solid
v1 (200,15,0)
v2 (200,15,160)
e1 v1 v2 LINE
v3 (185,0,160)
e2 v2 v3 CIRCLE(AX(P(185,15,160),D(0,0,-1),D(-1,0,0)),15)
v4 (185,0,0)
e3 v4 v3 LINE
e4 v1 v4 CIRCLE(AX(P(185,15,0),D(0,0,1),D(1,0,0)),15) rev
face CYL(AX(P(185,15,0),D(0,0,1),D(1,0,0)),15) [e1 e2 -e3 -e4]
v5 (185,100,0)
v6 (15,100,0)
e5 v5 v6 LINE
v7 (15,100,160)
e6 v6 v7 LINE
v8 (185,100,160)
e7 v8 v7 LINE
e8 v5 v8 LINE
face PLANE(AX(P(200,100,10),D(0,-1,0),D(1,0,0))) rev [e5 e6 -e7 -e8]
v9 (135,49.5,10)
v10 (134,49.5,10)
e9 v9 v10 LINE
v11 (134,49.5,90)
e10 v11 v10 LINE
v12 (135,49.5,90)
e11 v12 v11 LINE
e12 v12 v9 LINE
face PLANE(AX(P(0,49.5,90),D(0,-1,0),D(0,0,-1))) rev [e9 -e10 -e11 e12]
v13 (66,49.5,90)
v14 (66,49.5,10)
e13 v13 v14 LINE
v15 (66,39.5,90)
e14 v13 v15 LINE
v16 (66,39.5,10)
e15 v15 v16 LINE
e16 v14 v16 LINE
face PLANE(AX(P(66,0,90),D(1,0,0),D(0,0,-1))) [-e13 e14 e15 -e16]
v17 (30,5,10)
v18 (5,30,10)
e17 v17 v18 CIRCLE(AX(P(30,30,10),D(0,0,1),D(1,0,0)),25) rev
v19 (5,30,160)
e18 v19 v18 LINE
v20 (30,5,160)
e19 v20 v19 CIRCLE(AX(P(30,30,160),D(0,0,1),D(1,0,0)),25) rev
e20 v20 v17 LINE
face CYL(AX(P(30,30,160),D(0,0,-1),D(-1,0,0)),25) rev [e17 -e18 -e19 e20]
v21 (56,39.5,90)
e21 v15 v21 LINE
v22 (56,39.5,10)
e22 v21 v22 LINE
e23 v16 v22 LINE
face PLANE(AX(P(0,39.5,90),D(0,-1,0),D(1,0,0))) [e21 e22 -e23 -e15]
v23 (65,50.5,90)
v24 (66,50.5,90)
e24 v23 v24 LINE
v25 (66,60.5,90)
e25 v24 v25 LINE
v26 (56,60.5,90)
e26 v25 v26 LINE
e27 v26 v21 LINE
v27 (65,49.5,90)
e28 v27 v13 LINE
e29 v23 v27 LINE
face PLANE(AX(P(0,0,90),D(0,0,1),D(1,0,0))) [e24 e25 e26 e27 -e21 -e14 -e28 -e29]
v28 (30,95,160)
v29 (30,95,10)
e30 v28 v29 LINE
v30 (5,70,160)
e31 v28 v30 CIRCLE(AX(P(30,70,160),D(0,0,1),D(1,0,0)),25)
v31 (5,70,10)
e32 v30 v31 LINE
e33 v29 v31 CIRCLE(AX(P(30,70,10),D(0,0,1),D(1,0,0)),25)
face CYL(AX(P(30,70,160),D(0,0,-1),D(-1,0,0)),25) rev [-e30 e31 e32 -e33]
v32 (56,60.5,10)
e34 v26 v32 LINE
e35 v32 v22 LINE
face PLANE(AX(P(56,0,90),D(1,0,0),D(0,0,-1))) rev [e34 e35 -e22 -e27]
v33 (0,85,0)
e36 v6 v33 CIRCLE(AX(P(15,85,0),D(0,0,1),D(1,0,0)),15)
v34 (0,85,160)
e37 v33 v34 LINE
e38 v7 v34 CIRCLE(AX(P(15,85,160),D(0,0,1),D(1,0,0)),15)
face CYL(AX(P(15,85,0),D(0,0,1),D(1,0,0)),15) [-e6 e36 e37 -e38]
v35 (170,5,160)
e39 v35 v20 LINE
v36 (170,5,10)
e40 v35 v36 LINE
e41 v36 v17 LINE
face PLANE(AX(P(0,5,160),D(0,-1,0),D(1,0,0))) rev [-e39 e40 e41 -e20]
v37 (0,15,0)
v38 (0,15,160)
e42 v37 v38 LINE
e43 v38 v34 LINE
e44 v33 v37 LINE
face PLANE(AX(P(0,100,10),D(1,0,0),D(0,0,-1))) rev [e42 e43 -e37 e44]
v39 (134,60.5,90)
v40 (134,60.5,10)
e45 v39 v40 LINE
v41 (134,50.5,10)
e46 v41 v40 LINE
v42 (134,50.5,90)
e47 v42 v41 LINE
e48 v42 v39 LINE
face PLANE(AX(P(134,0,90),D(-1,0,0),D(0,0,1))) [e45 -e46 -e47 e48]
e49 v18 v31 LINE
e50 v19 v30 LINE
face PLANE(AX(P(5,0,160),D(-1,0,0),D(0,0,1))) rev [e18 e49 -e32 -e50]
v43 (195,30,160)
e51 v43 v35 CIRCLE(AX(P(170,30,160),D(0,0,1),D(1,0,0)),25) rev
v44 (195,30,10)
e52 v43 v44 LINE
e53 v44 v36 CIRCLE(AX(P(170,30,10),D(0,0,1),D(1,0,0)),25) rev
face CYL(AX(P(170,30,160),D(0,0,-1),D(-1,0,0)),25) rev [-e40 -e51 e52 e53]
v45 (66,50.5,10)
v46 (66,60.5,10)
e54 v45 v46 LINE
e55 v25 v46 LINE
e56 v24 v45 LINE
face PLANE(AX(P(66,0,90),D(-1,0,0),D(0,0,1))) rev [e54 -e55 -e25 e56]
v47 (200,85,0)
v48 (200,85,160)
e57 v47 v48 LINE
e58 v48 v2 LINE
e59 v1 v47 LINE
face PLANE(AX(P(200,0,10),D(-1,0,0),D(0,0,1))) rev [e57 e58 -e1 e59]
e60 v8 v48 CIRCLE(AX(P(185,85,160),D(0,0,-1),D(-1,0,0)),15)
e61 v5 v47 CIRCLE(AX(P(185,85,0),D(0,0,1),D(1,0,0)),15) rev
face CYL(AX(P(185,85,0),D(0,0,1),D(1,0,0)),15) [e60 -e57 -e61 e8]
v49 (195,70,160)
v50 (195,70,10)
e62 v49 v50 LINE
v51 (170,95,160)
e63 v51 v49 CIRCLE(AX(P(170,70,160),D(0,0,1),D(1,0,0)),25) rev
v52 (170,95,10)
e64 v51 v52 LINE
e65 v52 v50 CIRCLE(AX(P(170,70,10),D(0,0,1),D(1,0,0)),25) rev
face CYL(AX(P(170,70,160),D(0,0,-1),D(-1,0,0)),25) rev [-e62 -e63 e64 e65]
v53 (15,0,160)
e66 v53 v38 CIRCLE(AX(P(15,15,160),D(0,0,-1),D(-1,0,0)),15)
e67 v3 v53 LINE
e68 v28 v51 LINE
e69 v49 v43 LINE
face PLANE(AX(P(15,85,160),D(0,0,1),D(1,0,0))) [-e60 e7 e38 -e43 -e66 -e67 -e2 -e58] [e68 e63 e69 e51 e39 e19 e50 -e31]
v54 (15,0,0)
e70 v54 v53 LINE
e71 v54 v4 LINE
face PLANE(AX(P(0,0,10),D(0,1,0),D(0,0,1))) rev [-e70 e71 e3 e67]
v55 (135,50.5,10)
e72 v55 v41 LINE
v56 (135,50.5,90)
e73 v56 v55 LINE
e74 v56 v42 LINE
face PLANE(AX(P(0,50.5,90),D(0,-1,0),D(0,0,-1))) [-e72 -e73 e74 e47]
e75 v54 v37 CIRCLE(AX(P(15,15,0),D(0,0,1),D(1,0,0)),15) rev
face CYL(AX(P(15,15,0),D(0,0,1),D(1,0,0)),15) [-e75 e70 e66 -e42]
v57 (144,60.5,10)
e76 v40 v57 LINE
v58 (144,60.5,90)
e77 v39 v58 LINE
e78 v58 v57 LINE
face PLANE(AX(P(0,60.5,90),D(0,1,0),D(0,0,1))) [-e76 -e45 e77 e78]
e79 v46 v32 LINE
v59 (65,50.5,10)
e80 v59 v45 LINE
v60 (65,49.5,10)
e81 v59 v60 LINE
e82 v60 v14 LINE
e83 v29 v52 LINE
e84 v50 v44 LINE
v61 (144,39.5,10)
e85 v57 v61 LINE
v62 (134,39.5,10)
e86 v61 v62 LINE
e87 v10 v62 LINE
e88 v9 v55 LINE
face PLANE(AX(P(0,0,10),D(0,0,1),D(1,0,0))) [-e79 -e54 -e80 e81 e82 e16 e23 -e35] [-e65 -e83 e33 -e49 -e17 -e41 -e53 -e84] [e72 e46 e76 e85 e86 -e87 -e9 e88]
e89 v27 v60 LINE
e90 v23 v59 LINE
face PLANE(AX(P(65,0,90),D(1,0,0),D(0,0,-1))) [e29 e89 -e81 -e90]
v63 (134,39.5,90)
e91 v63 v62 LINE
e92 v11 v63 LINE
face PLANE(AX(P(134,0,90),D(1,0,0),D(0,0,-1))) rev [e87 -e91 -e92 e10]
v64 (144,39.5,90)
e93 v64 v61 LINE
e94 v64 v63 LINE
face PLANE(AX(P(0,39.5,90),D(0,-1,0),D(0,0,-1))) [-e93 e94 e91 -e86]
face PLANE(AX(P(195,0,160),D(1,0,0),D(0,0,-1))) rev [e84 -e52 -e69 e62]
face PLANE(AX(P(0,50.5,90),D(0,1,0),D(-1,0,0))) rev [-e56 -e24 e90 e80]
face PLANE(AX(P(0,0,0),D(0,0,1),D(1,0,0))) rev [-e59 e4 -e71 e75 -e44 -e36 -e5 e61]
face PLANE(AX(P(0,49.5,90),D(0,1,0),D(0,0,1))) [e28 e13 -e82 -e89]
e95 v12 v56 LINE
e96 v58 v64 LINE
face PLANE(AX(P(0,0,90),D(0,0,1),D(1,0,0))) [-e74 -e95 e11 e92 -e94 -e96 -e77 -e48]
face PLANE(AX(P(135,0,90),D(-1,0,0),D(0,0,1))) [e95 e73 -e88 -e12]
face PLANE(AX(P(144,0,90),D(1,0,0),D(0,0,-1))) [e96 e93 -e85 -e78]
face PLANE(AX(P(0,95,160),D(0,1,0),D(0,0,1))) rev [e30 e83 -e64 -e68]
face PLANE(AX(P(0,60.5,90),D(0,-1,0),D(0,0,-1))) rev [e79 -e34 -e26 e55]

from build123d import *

# Parameters (mm, degrees)
SKETCH1_W           = 200
SKETCH1_H           = 100
BOSS_EXTRUDE1_DEPTH = 10
CUT_EXTRUDE1_DEPTH  = 10
BOSS_EXTRUDE2_START = 150
BOSS_EXTRUDE2_DEPTH = 150
BOSS_EXTRUDE3_DEPTH = 80


with BuildPart() as part:
    # Sketch1 → Boss-Extrude1 (new body)
    with BuildSketch(Plane.XY):
        with Locations((100, 50)):
            Rectangle(SKETCH1_W, SKETCH1_H)
    extrude(amount=BOSS_EXTRUDE1_DEPTH)

    # Sketch2 → Cut-Extrude1 (cut)
    with BuildSketch(Plane.XY.offset(10)):
        with BuildLine():
            ThreePointArc((0, 85), (4.393398282, 95.606601718), (15, 100))
            Line((15, 100), (0, 100))
            Line((0, 100), (0, 85))
        make_face()
        with BuildLine():
            Line((200, 100), (185, 100))
            ThreePointArc((185, 100), (195.606601718, 95.606601718), (200, 85))
            Line((200, 85), (200, 100))
        make_face()
        with BuildLine():
            Line((200, 0), (200, 15))
            ThreePointArc((200, 15), (195.606601718, 4.393398282), (185, 0))
            Line((185, 0), (200, 0))
        make_face()
        with BuildLine():
            ThreePointArc((15, 0), (4.393398282, 4.393398282), (0, 15))
            Line((0, 15), (0, 0))
            Line((0, 0), (15, 0))
        make_face()
    extrude(amount=-CUT_EXTRUDE1_DEPTH, mode=Mode.SUBTRACT)

    # Sketch3 → Boss-Extrude2 (add)
    with BuildSketch(Plane.XY.offset(10).offset(BOSS_EXTRUDE2_START)):
        with BuildLine():
            Line((100, 100), (185, 100))
            ThreePointArc((185, 100), (195.606601718, 95.606601718), (200, 85))
            Line((200, 85), (200, 15))
            ThreePointArc((200, 15), (195.606601718, 4.393398282), (185, 0))
            Line((185, 0), (15, 0))
            ThreePointArc((15, 0), (4.393398282, 4.393398282), (0, 15))
            Line((0, 15), (0, 85))
            ThreePointArc((0, 85), (4.393398282, 95.606601718), (15, 100))
            Line((15, 100), (100, 100))
        make_face()
        with BuildLine():
            Line((30, 95), (170, 95))
            ThreePointArc((170, 95), (187.67766953, 87.67766953), (195, 70))
            Line((195, 70), (195, 30))
            ThreePointArc((195, 30), (187.67766953, 12.32233047), (170, 5))
            Line((170, 5), (30, 5))
            ThreePointArc((30, 5), (12.32233047, 12.32233047), (5, 30))
            Line((5, 30), (5, 70))
            ThreePointArc((5, 70), (12.32233047, 87.67766953), (30, 95))
        make_face(mode=Mode.SUBTRACT)
    extrude(amount=-BOSS_EXTRUDE2_DEPTH)

    # Sketch4 → Boss-Extrude3 (add)
    with BuildSketch(Plane.XY.offset(10)):
        Polygon((66, 60.5), (56, 60.5), (56, 39.5), (66, 39.5), (66, 49.5), (65, 49.5), (65, 50), (65, 50.5), (66, 50.5), align=None)
        Polygon((144, 39.5), (134, 39.5), (134, 49.5), (135, 49.5), (135, 50), (135, 50.5), (134, 50.5), (134, 60.5), (144, 60.5), align=None)
    extrude(amount=BOSS_EXTRUDE3_DEPTH)


solid = part.part
